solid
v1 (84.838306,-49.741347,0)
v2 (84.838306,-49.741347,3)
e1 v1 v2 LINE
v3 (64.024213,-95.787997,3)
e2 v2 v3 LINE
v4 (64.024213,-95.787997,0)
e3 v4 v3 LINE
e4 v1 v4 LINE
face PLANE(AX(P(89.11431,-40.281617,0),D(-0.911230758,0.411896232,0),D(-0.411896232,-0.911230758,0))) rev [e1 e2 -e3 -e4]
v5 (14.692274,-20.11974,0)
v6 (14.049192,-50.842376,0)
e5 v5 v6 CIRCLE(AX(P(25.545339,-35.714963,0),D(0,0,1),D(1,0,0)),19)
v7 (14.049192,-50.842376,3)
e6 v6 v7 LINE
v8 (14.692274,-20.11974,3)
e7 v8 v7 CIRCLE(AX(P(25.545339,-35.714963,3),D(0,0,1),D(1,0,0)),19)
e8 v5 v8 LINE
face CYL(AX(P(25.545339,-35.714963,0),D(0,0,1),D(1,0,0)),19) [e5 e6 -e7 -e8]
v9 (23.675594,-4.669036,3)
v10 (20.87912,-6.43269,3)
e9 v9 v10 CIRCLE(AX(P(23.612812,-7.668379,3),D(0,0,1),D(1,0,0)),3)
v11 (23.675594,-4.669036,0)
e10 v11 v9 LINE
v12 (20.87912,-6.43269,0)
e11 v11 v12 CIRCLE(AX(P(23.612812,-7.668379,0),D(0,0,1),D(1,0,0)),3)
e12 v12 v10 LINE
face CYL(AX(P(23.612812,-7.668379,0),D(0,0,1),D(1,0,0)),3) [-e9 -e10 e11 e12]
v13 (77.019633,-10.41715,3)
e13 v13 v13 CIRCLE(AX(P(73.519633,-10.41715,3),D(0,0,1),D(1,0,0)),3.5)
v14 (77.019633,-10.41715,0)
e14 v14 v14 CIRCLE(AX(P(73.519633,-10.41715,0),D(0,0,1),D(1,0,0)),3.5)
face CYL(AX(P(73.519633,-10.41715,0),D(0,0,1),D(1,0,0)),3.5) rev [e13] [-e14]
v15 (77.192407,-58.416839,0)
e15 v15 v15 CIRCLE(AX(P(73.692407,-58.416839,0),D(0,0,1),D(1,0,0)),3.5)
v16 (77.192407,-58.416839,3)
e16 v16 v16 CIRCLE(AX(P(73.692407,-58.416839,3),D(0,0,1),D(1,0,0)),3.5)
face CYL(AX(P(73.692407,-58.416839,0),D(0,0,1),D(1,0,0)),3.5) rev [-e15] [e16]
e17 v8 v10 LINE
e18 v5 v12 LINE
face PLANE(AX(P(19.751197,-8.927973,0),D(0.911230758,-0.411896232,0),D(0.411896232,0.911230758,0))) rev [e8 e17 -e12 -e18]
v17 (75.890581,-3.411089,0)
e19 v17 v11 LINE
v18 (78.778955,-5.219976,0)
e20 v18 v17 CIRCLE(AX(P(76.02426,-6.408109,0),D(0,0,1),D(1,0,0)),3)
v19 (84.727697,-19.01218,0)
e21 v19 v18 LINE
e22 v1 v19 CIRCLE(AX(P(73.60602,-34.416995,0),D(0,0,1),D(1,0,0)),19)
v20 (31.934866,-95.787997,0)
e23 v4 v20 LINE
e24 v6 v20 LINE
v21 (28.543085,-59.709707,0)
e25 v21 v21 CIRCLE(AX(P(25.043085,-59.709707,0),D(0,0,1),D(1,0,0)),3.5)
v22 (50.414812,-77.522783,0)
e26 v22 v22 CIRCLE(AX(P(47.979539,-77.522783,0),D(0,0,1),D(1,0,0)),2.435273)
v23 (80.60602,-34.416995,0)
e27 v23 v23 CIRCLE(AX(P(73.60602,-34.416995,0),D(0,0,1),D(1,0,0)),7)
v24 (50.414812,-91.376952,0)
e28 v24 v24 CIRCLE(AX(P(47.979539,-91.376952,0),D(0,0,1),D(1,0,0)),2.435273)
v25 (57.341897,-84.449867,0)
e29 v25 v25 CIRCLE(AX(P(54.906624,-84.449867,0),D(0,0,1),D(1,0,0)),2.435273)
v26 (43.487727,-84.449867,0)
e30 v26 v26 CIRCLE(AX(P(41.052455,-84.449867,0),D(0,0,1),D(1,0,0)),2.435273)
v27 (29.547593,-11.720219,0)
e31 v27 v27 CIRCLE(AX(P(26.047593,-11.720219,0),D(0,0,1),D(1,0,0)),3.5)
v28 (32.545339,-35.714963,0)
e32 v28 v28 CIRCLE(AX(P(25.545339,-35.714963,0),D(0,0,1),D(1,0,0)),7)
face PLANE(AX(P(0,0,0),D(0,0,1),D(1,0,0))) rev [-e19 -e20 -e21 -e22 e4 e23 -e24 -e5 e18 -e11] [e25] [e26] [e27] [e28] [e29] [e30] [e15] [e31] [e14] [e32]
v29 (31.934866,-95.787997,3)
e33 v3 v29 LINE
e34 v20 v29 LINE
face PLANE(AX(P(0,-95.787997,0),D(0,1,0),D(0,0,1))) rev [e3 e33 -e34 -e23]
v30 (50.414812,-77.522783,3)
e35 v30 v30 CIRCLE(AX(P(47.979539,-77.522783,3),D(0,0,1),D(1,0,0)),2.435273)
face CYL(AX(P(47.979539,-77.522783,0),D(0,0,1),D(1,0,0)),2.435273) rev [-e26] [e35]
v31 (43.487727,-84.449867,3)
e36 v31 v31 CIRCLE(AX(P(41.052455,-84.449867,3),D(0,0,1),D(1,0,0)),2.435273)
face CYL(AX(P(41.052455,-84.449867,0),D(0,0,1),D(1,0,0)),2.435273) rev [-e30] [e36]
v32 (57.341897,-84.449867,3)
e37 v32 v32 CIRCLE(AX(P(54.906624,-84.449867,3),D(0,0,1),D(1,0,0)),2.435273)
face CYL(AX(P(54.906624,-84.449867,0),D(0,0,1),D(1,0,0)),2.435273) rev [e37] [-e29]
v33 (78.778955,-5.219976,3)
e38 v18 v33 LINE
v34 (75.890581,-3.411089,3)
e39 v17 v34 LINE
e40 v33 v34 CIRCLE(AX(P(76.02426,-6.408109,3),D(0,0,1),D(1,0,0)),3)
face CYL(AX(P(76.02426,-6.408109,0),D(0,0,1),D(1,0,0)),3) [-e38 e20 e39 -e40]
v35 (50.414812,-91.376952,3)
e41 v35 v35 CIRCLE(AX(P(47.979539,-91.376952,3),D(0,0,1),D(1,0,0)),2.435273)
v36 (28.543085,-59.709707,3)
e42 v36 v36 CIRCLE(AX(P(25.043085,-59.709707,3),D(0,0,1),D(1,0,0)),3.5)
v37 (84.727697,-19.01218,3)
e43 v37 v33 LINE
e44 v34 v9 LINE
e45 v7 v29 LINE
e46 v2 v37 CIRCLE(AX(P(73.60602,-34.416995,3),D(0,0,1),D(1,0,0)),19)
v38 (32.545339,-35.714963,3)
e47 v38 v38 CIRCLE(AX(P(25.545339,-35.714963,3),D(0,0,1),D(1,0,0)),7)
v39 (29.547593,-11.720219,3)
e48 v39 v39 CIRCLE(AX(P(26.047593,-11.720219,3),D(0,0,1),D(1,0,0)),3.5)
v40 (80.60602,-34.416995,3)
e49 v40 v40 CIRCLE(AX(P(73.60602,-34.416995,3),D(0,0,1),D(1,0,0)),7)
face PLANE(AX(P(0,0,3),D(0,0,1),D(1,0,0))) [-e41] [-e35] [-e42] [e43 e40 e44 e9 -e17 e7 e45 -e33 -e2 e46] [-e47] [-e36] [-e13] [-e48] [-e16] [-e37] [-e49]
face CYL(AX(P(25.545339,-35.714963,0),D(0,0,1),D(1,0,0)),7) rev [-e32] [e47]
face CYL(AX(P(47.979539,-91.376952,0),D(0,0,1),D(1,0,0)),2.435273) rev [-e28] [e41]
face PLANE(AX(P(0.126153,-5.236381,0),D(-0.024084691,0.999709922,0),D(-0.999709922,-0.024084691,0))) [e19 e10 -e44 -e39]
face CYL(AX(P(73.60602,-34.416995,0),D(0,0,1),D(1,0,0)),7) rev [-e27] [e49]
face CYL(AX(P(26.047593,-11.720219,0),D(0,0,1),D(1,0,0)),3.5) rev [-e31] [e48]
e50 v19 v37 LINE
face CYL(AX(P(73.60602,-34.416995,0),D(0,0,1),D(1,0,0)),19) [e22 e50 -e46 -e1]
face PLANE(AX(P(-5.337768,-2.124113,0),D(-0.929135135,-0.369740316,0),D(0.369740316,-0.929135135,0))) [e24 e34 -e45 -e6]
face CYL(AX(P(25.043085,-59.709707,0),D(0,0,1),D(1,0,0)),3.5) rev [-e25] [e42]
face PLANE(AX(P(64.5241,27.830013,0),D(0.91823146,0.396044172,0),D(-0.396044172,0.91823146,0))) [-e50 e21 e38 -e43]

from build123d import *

# Parameters (mm, degrees)
SKETCH1_W           = 95
SKETCH1_H           = 100
BOSS_EXTRUDE1_DEPTH = 3
CUT_EXTRUDE3_DEPTH  = 3
SKETCH5_R           = 2.43527257
SKETCH5_R_2         = 7
SKETCH5_R_3         = 3.5
CUT_EXTRUDE4_DEPTH  = 3


with BuildPart() as part:
    # Sketch1 → Boss-Extrude1 (new body)
    with BuildSketch(Plane.XY):
        with Locations((47.5, -50)):
            Rectangle(SKETCH1_W, SKETCH1_H)
    extrude(amount=BOSS_EXTRUDE1_DEPTH)

    # Sketch4 → Cut-Extrude3 (cut)
    with BuildSketch(Plane.XY.offset(3)):
        Polygon((33.610991992, -100), (62.120295215, -100), (95, -100), (95, 0), (0, 0), (0, -100), align=None)
        with BuildLine():
            Line((78.778954762, -5.219976488), (84.72769663, -19.012180272))
            ThreePointArc((84.72769663, -19.012180272), (92.605897001, -34.348605074), (84.838305738, -49.741346636))
            Line((84.838305738, -49.741346636), (64.0242126, -95.787997202))
            Line((64.0242126, -95.787997202), (31.934866328, -95.787997202))
            Line((31.934866328, -95.787997202), (14.049192276, -50.842376041))
            ThreePointArc((14.049192276, -50.842376041), (6.549499619, -35.317345386), (14.692273517, -20.119740309))
            Line((14.692273517, -20.119740309), (20.879119665, -6.432689868))
            ThreePointArc((20.879119665, -6.432689868), (22.012480764, -5.130871888), (23.675593701, -4.669035561))
            Line((23.675593701, -4.669035561), (75.890580945, -3.41108885))
            ThreePointArc((75.890580945, -3.41108885), (75.952006311, -3.408979239), (76.013462004, -3.408128439))
            ThreePointArc((76.013462004, -3.408128439), (77.66832232, -3.898714586), (78.778954762, -5.219976488))
        make_face(mode=Mode.SUBTRACT)
    extrude(amount=-CUT_EXTRUDE3_DEPTH, mode=Mode.SUBTRACT)

    # Sketch5 → Cut-Extrude4 (cut)
    with BuildSketch(Plane.XY.offset(3)):
        with Locations((54.906624154, -84.449867327)):
            Circle(SKETCH5_R)
        with Locations((47.979539464, -91.376952018)):
            Circle(SKETCH5_R)
        with Locations((41.052454773, -84.449867327)):
            Circle(SKETCH5_R)
        with Locations((47.979539464, -77.522782636)):
            Circle(SKETCH5_R)
        with Locations((73.606020085, -34.416994806)):
            Circle(SKETCH5_R_2)
        with Locations((25.545338638, -35.714963215)):
            Circle(SKETCH5_R_2)
        with Locations((25.043084538, -59.70970724)):
            Circle(SKETCH5_R_3)
        with Locations((26.047592738, -11.72021919)):
            Circle(SKETCH5_R_3)
        with Locations((73.692407115, -58.416839333)):
            Circle(SKETCH5_R_3)
        with Locations((73.519633055, -10.41715028)):
            Circle(SKETCH5_R_3)
    extrude(amount=-CUT_EXTRUDE4_DEPTH, mode=Mode.SUBTRACT)


solid = part.part
